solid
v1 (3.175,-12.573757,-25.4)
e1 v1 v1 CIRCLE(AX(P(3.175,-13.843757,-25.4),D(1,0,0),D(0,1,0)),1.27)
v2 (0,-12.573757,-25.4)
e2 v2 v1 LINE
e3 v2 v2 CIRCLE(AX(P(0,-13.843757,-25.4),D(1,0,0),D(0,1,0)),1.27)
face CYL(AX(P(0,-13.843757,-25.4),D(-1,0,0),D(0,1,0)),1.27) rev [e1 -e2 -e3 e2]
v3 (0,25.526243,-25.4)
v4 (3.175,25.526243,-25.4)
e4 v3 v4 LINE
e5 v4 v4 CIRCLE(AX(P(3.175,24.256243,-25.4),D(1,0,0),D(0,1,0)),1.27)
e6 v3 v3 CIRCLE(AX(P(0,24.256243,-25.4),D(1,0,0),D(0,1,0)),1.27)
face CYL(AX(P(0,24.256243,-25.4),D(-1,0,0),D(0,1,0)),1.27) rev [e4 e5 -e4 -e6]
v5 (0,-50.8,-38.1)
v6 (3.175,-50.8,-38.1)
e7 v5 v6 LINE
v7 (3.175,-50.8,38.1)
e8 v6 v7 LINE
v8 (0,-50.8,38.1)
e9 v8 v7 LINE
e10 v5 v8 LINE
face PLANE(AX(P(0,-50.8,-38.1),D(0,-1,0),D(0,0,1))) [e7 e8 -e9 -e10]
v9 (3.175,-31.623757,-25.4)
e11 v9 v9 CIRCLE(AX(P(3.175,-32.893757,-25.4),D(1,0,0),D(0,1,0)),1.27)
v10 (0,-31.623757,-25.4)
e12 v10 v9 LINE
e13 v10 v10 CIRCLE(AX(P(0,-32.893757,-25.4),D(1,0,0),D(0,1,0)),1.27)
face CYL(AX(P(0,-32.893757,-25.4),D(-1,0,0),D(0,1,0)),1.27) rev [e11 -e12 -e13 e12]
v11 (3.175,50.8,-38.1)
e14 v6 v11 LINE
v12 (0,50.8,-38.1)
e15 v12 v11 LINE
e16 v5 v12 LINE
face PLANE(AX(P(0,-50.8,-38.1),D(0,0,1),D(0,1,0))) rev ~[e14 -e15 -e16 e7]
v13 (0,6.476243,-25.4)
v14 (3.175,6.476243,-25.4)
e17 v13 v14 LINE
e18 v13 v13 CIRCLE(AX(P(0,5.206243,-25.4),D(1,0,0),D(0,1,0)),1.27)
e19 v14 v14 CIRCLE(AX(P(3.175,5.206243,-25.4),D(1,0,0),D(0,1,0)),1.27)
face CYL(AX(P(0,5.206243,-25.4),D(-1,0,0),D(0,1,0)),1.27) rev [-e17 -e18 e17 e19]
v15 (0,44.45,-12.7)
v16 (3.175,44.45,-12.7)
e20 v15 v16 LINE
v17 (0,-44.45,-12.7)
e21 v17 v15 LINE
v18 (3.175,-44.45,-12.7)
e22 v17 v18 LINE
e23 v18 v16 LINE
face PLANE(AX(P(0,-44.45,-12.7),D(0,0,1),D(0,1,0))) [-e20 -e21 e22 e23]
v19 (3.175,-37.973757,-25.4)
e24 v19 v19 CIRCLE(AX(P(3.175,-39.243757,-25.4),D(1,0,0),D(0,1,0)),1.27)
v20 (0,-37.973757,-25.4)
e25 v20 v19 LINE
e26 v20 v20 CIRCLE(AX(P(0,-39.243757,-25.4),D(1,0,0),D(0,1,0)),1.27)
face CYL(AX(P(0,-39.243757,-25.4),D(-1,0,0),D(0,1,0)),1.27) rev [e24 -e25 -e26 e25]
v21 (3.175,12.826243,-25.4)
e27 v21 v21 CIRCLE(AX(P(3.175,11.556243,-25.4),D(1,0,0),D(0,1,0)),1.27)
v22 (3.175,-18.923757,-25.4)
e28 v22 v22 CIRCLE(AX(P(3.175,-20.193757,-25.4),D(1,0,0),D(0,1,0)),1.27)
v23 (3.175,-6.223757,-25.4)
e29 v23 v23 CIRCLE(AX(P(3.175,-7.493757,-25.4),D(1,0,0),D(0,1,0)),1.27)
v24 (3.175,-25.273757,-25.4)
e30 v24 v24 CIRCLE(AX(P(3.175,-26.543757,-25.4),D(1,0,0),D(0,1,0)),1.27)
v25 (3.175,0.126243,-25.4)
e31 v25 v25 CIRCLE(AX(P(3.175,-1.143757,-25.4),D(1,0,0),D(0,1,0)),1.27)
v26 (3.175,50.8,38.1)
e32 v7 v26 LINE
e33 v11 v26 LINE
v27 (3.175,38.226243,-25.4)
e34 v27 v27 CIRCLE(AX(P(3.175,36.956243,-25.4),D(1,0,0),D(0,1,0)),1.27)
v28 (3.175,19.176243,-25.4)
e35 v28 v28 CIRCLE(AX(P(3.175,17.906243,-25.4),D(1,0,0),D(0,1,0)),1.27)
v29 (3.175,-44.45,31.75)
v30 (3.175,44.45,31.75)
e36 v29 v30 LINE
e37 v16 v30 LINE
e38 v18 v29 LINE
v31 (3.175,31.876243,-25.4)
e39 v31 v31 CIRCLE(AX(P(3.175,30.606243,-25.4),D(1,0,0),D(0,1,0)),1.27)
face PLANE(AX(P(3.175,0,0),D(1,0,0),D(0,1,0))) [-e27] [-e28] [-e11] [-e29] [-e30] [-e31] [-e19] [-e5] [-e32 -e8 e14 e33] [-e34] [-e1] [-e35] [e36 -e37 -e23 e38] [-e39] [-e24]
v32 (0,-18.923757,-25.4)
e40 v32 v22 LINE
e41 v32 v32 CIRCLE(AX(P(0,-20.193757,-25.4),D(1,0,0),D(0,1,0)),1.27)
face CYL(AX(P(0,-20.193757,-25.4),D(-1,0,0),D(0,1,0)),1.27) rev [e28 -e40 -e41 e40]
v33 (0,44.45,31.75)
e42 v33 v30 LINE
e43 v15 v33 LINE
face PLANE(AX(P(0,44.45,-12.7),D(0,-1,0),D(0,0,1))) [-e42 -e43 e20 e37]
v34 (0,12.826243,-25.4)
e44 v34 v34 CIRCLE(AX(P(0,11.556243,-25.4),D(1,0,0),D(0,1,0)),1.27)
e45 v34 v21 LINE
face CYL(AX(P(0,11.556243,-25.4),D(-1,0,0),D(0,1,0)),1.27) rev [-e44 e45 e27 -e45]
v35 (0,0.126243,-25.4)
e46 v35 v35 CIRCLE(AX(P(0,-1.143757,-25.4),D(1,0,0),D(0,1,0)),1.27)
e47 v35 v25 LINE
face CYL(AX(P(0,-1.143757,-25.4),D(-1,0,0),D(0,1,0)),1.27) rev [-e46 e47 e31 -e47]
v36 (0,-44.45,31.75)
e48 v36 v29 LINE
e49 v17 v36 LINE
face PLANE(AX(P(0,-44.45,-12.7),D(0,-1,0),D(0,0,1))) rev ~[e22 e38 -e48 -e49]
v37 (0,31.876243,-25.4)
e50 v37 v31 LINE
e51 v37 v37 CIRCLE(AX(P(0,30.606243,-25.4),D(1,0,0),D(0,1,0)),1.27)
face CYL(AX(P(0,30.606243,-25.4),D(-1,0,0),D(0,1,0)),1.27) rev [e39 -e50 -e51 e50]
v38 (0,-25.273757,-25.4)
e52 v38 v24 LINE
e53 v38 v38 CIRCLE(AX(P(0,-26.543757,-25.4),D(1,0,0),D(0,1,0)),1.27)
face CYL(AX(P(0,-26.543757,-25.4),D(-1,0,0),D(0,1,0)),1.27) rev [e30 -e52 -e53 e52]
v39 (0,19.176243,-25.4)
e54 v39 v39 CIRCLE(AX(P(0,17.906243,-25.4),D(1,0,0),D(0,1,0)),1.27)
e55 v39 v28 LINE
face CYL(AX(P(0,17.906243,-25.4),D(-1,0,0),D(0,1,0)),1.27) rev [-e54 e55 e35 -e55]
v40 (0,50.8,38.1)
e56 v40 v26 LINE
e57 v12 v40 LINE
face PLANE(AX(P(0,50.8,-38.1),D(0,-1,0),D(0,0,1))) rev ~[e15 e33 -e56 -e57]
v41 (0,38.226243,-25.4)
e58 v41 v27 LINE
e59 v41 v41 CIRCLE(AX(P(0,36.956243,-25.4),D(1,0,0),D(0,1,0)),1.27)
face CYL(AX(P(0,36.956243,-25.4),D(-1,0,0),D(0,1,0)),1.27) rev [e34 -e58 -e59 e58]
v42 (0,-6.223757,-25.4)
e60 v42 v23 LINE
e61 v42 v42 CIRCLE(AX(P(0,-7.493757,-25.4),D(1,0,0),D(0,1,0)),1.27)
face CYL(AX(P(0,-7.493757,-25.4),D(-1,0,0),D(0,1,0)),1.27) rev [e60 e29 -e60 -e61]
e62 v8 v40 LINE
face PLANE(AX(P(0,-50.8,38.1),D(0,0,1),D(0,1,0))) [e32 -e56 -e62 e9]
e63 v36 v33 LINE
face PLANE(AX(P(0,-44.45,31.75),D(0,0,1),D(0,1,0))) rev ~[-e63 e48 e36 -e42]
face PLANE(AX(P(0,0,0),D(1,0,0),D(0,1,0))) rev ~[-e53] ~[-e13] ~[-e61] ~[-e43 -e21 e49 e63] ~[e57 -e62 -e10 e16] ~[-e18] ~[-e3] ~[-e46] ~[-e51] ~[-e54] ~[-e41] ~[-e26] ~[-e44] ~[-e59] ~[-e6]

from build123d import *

# Parameters (mm, degrees)
F0_W     = 101.6
F0_H     = 76.2
F0_R     = 1.27
F0_W_2   = 88.9
F0_H_2   = 44.45
F1_DEPTH = 3.175


with BuildPart() as f1:
    # F0 (on Right) → F1 (new body)
    with BuildSketch(Plane.YZ):
        Rectangle(F0_W, F0_H)
        with Locations((-39.243757, -25.4)):
            Circle(F0_R, mode=Mode.SUBTRACT)
        with Locations((-32.893757, -25.4)):
            Circle(F0_R, mode=Mode.SUBTRACT)
        with Locations((-26.543757, -25.4)):
            Circle(F0_R, mode=Mode.SUBTRACT)
        with Locations((-20.193757, -25.4)):
            Circle(F0_R, mode=Mode.SUBTRACT)
        with Locations((-13.843757, -25.4)):
            Circle(F0_R, mode=Mode.SUBTRACT)
        with Locations((-7.493757, -25.4)):
            Circle(F0_R, mode=Mode.SUBTRACT)
        with Locations((-1.143757, -25.4)):
            Circle(F0_R, mode=Mode.SUBTRACT)
        with Locations((5.206243, -25.4)):
            Circle(F0_R, mode=Mode.SUBTRACT)
        with Locations((11.556243, -25.4)):
            Circle(F0_R, mode=Mode.SUBTRACT)
        with Locations((17.906243, -25.4)):
            Circle(F0_R, mode=Mode.SUBTRACT)
        with Locations((24.256243, -25.4)):
            Circle(F0_R, mode=Mode.SUBTRACT)
        with Locations((30.606243, -25.4)):
            Circle(F0_R, mode=Mode.SUBTRACT)
        with Locations((36.956243, -25.4)):
            Circle(F0_R, mode=Mode.SUBTRACT)
        with Locations((0, 9.525)):
            Rectangle(F0_W_2, F0_H_2, mode=Mode.SUBTRACT)
    extrude(amount=F1_DEPTH)


solid = f1.part
